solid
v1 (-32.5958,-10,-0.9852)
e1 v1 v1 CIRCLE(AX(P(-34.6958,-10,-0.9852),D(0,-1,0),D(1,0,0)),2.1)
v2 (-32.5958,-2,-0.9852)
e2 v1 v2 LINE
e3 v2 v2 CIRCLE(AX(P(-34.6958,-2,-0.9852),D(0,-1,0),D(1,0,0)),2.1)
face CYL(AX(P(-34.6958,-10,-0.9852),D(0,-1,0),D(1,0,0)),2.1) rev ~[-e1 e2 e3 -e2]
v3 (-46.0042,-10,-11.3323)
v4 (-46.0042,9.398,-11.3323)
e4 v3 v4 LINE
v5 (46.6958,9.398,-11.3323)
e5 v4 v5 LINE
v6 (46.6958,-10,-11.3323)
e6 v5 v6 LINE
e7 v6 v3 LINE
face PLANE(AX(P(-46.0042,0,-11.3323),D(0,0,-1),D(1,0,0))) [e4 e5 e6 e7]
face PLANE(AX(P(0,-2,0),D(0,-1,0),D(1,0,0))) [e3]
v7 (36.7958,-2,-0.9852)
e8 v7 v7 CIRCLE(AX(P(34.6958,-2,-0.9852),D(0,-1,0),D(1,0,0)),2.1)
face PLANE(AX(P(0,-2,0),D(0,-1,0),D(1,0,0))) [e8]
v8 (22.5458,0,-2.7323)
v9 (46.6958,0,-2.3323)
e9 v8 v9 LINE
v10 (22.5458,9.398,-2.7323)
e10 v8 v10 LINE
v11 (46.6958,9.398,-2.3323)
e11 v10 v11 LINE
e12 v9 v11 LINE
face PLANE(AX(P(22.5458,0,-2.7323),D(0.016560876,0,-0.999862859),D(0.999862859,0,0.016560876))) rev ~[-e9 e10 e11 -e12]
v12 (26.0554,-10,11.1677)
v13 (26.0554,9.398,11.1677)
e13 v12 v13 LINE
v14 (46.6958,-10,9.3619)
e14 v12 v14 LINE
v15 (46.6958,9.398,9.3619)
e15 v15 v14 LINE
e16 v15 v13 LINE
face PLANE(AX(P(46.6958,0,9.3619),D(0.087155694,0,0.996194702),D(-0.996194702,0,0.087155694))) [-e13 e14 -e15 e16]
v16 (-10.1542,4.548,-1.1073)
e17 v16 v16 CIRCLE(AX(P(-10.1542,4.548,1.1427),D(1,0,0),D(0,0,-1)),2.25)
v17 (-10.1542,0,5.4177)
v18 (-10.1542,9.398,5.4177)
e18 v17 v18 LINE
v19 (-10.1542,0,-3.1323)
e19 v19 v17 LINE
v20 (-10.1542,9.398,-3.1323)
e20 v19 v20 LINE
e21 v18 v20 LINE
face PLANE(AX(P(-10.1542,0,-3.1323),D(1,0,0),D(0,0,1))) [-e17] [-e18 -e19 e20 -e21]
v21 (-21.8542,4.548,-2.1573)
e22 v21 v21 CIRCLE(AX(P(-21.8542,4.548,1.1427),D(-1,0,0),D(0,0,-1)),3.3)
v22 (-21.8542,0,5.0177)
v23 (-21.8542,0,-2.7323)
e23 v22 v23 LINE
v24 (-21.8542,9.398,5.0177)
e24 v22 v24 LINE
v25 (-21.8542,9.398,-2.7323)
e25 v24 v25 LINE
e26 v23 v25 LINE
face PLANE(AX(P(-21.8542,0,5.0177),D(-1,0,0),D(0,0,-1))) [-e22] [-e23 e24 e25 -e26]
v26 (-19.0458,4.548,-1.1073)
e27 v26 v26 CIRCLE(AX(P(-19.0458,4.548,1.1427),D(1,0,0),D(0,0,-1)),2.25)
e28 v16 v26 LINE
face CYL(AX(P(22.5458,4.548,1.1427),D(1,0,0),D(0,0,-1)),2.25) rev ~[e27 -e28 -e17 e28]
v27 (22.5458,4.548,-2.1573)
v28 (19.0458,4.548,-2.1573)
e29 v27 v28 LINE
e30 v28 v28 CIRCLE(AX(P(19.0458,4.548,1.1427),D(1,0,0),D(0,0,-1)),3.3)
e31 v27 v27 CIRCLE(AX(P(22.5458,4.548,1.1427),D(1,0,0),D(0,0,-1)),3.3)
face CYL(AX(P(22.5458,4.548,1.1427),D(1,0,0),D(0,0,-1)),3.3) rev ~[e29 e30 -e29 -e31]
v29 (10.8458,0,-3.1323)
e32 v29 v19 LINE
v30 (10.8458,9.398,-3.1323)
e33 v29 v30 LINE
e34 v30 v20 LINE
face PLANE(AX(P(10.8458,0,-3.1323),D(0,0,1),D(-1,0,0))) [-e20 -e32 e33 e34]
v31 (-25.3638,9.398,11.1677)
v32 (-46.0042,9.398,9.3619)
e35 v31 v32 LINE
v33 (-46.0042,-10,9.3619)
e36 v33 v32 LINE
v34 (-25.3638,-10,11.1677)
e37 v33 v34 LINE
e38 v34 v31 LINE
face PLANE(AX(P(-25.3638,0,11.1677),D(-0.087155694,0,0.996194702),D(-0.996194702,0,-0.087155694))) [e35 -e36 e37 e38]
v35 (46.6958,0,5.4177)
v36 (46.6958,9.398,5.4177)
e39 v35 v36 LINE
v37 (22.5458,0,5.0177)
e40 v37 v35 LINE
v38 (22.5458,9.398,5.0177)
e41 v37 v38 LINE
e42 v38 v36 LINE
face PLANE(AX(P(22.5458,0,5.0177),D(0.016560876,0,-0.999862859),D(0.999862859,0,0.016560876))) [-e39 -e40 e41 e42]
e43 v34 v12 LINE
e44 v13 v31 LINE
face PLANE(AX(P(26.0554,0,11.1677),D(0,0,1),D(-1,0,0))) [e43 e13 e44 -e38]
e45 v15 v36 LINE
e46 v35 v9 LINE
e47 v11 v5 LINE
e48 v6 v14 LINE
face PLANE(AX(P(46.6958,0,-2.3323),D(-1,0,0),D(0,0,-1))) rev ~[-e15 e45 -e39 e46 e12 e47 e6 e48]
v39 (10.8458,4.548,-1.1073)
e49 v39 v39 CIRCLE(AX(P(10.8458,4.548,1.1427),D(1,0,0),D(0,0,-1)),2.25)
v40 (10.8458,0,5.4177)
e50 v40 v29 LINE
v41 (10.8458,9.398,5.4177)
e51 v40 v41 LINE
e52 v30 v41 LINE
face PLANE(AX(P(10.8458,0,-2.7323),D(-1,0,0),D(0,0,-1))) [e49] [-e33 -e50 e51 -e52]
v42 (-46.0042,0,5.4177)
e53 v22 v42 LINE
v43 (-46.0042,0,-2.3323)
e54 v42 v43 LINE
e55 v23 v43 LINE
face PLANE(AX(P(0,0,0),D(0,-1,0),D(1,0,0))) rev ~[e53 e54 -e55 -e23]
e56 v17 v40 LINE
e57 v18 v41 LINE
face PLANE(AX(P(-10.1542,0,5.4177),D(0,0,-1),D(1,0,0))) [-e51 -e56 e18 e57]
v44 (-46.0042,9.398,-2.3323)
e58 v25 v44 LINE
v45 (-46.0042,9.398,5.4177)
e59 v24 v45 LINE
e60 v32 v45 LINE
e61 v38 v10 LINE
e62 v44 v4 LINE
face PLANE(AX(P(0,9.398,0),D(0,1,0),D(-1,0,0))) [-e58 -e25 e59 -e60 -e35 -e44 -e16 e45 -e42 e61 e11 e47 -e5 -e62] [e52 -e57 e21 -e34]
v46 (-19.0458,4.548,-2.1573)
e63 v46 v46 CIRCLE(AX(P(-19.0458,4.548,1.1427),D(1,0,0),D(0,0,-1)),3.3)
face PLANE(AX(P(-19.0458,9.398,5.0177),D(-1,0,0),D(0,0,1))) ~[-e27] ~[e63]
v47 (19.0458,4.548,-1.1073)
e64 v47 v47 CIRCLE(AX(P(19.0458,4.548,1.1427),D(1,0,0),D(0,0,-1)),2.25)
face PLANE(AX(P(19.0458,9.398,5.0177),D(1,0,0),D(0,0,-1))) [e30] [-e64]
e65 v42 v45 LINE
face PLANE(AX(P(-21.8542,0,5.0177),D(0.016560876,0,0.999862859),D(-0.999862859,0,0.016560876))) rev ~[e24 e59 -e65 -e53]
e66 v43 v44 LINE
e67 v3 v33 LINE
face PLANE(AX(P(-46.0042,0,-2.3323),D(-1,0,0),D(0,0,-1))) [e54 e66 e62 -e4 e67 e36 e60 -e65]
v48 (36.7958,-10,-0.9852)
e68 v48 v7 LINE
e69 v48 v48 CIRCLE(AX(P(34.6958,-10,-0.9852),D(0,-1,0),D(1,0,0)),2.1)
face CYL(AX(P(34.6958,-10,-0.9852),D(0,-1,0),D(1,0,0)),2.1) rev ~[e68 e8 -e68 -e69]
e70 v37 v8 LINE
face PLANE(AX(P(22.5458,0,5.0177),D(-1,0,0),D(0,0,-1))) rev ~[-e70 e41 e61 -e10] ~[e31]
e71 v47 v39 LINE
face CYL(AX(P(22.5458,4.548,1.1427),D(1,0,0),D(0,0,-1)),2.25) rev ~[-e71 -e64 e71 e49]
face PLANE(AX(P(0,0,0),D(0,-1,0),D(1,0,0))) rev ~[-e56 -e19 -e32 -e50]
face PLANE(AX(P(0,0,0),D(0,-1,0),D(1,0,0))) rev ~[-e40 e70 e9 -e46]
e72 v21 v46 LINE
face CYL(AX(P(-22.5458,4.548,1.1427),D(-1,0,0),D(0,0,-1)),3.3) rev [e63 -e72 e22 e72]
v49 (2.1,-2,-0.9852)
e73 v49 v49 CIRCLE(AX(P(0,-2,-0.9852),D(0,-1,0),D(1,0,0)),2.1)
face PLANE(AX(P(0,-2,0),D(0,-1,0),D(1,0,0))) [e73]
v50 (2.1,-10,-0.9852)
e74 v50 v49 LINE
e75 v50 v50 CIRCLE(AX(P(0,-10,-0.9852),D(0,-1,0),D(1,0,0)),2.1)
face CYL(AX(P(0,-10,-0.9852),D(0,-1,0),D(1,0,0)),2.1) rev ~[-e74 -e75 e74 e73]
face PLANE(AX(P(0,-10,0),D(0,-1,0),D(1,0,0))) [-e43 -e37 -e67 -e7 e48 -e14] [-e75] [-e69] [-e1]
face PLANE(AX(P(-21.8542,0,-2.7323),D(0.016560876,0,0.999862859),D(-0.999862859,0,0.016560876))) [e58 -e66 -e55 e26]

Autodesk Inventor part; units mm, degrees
ref_plane "YZ Plane" through (0, 0, 0) normal (1, 0, 0) x (0, 1, 0)
ref_plane "XZ Plane" through (0, 0, 0) normal (0, 1, 0) x (-1, 0, 0)
ref_plane "XY Plane" through (0, 0, 0) normal (0, 0, 1) x (1, 0, 0)
sketch "Sketch1" plane through (0, 0, 0) normal (0, 1, 0) x (-1, 0, 0)
  line L0 (-10.4458, -2.7323) -> (-10.4458, 5.0177)
  line L1 (-10.4458, 5.0177) -> (9.7542, 5.0177)
  line L2 (9.7542, 5.0177) -> (9.7542, -2.7323)
  line L3 (9.7542, -2.7323) -> (-10.4458, -2.7323)
  line L4 (46.0042, -11.3323) -> (-46.6958, -11.3323)
  line L5 (46.0042, 9.3619) -> (46.0042, -11.3323)
  line L6 (25.3638, 11.1677) -> (46.0042, 9.3619)
  line L7 (-26.0554, 11.1677) -> (25.3638, 11.1677)
  line L8 (-46.6958, 9.3619) -> (-26.0554, 11.1677)
  line L9 (-46.6958, 9.3619) -> (-46.6958, -11.3323)
  line L10 (10.1542, 5.4177) -> (-10.8458, 5.4177)
  line L11 (-10.8458, 5.4177) -> (-10.8458, -3.1323)
  line L12 (-10.8458, -3.1323) -> (10.1542, -3.1323)
  line L13 (10.1542, -3.1323) -> (10.1542, 5.4177)
  line L14 (-10.8458, 5.0177) -> (-22.5458, 5.0177)
  line L15 (-22.5458, 5.0177) -> (-22.5458, -2.7323)
  line L16 (-22.5458, -2.7323) -> (-10.8458, -2.7323)
  line L17 (-0.3458, 5.0177) -> (-0.3458, 1.5521) construction
  line L18 (-22.5458, 5.0177) -> (-46.6958, 5.4177)
  line L19 (-22.5458, -2.7323) -> (-46.6958, -2.3323)
  line L20 (21.8542, 5.0177) -> (46.0042, 5.4177)
  line L21 (21.8542, -2.7323) -> (46.0042, -2.3323)
  line L22 (21.8542, -2.7323) -> (10.1542, -2.7323)
  line L23 (21.8542, 5.0177) -> (21.8542, -2.7323)
  line L24 (10.1542, 5.0177) -> (21.8542, 5.0177)
  point P0 (0, 0)
  dimension "d0" = 0.4
  dimension "d1" = 11.7
extrude "Extrusion1" add sketch "Sketch1" along normal blind 9.398 contours L4 L9 L19 L16 L11 L12 L13 L22 L21 L5 | L20 L24 L13 L10 L11 L14 L18 L9 L8 L7 L6 L5 | L22 L13 L24 L23 | L15 L14 L11 L16
sketch "Sketch2" plane through (0, 0, 0) normal (0, -1, 0) x (1, 0, 0)
  line L0 (-21.8542, 5.0177) -> (-46.0042, 5.4177) projected
  line L1 (-21.8542, -2.7323) -> (-21.8542, 5.0177) projected
  line L2 (-46.0042, -2.3323) -> (-21.8542, -2.7323) projected
  line L3 (-46.0042, -11.3323) -> (-46.0042, -2.3323) projected
  line L4 (46.6958, -11.3323) -> (-46.0042, -11.3323) projected
  line L5 (46.6958, -2.3323) -> (46.6958, -11.3323) projected
  line L6 (22.5458, -2.7323) -> (46.6958, -2.3323) projected
  line L7 (22.5458, 5.0177) -> (22.5458, -2.7323) projected
  line L8 (46.6958, 5.4177) -> (22.5458, 5.0177) projected
  line L9 (46.6958, 9.3619) -> (46.6958, 5.4177) projected
  line L10 (26.0554, 11.1677) -> (46.6958, 9.3619) projected
  line L11 (-25.3638, 11.1677) -> (26.0554, 11.1677) projected
  line L12 (-46.0042, 9.3619) -> (-25.3638, 11.1677) projected
  line L13 (-46.0042, 5.4177) -> (-46.0042, 9.3619) projected
  line L14 (-10.1542, 5.4177) -> (-10.1542, -3.1323) projected
  line L15 (10.8458, 5.4177) -> (-10.1542, 5.4177) projected
  line L16 (10.8458, -3.1323) -> (10.8458, 5.4177) projected
  line L17 (-10.1542, -3.1323) -> (10.8458, -3.1323) projected
  line L18 (46.6958, 5.4177) -> (46.6958, -2.3323)
  line L19 (-46.0042, 5.4177) -> (-46.0042, -2.3323)
  point P0 (0, 0)
extrude "Extrusion2" add sketch "Sketch2" along normal blind 10 contours L1 L2 L19 L0 | L0 L13 L12 L11 L10 L9 L8 L7 L6 L5 L4 L3 L2 L1 | L6 L7 L8 L18 | L15 L16 L17 L14
sketch "Sketch3" plane through (0, -10, 0) normal (0, -1, 0) x (1, 0, 0)
  line L0 (46.6958, 9.3619) -> (26.0554, 11.1677) projected
  line L1 (26.0554, 11.1677) -> (-25.3638, 11.1677) projected
  line L2 (-25.3638, 11.1677) -> (-46.0042, 9.3619) projected
  line L3 (-46.0042, 9.3619) -> (-46.0042, -11.3323) projected
  line L4 (-46.0042, -11.3323) -> (46.6958, -11.3323) projected
  line L5 (46.6958, -11.3323) -> (46.6958, 9.3619) projected
  line L6 (46.6958, -0.9852) -> (-46.0042, -0.9852) construction
  circle A0 centre (34.6958, -0.9852) radius 2.1
  line L7 (0, 0) -> (0, -4.846) construction
  circle A1 centre (-34.6958, -0.9852) radius 2.1
  circle A2 centre (0, -0.9852) radius 2.1
  dimension "d6" = 4.2
  dimension "d7" = 12
  dimension "d10" = 4.2
extrude "Extrusion3" cut sketch "Sketch3" against normal blind 8 contours A0 | A1 | A2
sketch "Sketch4" plane through (22.5458, 9.398, 5.0177) normal (1, 0, 0) x (0, 0, -1)
  circle A0 centre (3.875, -4.85) radius 2.25 projected
  point P0 (5.0177, -9.398)
extrude "Extrusion4" cut sketch "Sketch4" along normal blind 8 and the other way blind 50.0253
sketch "Sketch5" plane through (22.5458, 9.398, 5.0177) normal (1, 0, 0) x (0, 0, -1)
  circle A0 centre (3.875, -4.85) radius 2.25 projected
  line L0 (0, -9.398) -> (7.75, -9.398) projected
  line L1 (7.75, -9.398) -> (7.75, 0) projected
  line L2 (0, 0) -> (7.75, 0) projected
  line L3 (0, -9.398) -> (0, 0) projected
  circle A1 centre (3.875, -4.85) radius 3.3
  point P0 (5.0177, -9.398)
  dimension "d15" = 6.6
extrude "Extrusion5" cut sketch "Sketch5" against normal blind 3.5 contours A0 | A1
mirror "Mirror1" about plane through (0, 0, 0) normal (1, 0, 0) of "Extrusion5"
properties part number "Camera_Clip"
